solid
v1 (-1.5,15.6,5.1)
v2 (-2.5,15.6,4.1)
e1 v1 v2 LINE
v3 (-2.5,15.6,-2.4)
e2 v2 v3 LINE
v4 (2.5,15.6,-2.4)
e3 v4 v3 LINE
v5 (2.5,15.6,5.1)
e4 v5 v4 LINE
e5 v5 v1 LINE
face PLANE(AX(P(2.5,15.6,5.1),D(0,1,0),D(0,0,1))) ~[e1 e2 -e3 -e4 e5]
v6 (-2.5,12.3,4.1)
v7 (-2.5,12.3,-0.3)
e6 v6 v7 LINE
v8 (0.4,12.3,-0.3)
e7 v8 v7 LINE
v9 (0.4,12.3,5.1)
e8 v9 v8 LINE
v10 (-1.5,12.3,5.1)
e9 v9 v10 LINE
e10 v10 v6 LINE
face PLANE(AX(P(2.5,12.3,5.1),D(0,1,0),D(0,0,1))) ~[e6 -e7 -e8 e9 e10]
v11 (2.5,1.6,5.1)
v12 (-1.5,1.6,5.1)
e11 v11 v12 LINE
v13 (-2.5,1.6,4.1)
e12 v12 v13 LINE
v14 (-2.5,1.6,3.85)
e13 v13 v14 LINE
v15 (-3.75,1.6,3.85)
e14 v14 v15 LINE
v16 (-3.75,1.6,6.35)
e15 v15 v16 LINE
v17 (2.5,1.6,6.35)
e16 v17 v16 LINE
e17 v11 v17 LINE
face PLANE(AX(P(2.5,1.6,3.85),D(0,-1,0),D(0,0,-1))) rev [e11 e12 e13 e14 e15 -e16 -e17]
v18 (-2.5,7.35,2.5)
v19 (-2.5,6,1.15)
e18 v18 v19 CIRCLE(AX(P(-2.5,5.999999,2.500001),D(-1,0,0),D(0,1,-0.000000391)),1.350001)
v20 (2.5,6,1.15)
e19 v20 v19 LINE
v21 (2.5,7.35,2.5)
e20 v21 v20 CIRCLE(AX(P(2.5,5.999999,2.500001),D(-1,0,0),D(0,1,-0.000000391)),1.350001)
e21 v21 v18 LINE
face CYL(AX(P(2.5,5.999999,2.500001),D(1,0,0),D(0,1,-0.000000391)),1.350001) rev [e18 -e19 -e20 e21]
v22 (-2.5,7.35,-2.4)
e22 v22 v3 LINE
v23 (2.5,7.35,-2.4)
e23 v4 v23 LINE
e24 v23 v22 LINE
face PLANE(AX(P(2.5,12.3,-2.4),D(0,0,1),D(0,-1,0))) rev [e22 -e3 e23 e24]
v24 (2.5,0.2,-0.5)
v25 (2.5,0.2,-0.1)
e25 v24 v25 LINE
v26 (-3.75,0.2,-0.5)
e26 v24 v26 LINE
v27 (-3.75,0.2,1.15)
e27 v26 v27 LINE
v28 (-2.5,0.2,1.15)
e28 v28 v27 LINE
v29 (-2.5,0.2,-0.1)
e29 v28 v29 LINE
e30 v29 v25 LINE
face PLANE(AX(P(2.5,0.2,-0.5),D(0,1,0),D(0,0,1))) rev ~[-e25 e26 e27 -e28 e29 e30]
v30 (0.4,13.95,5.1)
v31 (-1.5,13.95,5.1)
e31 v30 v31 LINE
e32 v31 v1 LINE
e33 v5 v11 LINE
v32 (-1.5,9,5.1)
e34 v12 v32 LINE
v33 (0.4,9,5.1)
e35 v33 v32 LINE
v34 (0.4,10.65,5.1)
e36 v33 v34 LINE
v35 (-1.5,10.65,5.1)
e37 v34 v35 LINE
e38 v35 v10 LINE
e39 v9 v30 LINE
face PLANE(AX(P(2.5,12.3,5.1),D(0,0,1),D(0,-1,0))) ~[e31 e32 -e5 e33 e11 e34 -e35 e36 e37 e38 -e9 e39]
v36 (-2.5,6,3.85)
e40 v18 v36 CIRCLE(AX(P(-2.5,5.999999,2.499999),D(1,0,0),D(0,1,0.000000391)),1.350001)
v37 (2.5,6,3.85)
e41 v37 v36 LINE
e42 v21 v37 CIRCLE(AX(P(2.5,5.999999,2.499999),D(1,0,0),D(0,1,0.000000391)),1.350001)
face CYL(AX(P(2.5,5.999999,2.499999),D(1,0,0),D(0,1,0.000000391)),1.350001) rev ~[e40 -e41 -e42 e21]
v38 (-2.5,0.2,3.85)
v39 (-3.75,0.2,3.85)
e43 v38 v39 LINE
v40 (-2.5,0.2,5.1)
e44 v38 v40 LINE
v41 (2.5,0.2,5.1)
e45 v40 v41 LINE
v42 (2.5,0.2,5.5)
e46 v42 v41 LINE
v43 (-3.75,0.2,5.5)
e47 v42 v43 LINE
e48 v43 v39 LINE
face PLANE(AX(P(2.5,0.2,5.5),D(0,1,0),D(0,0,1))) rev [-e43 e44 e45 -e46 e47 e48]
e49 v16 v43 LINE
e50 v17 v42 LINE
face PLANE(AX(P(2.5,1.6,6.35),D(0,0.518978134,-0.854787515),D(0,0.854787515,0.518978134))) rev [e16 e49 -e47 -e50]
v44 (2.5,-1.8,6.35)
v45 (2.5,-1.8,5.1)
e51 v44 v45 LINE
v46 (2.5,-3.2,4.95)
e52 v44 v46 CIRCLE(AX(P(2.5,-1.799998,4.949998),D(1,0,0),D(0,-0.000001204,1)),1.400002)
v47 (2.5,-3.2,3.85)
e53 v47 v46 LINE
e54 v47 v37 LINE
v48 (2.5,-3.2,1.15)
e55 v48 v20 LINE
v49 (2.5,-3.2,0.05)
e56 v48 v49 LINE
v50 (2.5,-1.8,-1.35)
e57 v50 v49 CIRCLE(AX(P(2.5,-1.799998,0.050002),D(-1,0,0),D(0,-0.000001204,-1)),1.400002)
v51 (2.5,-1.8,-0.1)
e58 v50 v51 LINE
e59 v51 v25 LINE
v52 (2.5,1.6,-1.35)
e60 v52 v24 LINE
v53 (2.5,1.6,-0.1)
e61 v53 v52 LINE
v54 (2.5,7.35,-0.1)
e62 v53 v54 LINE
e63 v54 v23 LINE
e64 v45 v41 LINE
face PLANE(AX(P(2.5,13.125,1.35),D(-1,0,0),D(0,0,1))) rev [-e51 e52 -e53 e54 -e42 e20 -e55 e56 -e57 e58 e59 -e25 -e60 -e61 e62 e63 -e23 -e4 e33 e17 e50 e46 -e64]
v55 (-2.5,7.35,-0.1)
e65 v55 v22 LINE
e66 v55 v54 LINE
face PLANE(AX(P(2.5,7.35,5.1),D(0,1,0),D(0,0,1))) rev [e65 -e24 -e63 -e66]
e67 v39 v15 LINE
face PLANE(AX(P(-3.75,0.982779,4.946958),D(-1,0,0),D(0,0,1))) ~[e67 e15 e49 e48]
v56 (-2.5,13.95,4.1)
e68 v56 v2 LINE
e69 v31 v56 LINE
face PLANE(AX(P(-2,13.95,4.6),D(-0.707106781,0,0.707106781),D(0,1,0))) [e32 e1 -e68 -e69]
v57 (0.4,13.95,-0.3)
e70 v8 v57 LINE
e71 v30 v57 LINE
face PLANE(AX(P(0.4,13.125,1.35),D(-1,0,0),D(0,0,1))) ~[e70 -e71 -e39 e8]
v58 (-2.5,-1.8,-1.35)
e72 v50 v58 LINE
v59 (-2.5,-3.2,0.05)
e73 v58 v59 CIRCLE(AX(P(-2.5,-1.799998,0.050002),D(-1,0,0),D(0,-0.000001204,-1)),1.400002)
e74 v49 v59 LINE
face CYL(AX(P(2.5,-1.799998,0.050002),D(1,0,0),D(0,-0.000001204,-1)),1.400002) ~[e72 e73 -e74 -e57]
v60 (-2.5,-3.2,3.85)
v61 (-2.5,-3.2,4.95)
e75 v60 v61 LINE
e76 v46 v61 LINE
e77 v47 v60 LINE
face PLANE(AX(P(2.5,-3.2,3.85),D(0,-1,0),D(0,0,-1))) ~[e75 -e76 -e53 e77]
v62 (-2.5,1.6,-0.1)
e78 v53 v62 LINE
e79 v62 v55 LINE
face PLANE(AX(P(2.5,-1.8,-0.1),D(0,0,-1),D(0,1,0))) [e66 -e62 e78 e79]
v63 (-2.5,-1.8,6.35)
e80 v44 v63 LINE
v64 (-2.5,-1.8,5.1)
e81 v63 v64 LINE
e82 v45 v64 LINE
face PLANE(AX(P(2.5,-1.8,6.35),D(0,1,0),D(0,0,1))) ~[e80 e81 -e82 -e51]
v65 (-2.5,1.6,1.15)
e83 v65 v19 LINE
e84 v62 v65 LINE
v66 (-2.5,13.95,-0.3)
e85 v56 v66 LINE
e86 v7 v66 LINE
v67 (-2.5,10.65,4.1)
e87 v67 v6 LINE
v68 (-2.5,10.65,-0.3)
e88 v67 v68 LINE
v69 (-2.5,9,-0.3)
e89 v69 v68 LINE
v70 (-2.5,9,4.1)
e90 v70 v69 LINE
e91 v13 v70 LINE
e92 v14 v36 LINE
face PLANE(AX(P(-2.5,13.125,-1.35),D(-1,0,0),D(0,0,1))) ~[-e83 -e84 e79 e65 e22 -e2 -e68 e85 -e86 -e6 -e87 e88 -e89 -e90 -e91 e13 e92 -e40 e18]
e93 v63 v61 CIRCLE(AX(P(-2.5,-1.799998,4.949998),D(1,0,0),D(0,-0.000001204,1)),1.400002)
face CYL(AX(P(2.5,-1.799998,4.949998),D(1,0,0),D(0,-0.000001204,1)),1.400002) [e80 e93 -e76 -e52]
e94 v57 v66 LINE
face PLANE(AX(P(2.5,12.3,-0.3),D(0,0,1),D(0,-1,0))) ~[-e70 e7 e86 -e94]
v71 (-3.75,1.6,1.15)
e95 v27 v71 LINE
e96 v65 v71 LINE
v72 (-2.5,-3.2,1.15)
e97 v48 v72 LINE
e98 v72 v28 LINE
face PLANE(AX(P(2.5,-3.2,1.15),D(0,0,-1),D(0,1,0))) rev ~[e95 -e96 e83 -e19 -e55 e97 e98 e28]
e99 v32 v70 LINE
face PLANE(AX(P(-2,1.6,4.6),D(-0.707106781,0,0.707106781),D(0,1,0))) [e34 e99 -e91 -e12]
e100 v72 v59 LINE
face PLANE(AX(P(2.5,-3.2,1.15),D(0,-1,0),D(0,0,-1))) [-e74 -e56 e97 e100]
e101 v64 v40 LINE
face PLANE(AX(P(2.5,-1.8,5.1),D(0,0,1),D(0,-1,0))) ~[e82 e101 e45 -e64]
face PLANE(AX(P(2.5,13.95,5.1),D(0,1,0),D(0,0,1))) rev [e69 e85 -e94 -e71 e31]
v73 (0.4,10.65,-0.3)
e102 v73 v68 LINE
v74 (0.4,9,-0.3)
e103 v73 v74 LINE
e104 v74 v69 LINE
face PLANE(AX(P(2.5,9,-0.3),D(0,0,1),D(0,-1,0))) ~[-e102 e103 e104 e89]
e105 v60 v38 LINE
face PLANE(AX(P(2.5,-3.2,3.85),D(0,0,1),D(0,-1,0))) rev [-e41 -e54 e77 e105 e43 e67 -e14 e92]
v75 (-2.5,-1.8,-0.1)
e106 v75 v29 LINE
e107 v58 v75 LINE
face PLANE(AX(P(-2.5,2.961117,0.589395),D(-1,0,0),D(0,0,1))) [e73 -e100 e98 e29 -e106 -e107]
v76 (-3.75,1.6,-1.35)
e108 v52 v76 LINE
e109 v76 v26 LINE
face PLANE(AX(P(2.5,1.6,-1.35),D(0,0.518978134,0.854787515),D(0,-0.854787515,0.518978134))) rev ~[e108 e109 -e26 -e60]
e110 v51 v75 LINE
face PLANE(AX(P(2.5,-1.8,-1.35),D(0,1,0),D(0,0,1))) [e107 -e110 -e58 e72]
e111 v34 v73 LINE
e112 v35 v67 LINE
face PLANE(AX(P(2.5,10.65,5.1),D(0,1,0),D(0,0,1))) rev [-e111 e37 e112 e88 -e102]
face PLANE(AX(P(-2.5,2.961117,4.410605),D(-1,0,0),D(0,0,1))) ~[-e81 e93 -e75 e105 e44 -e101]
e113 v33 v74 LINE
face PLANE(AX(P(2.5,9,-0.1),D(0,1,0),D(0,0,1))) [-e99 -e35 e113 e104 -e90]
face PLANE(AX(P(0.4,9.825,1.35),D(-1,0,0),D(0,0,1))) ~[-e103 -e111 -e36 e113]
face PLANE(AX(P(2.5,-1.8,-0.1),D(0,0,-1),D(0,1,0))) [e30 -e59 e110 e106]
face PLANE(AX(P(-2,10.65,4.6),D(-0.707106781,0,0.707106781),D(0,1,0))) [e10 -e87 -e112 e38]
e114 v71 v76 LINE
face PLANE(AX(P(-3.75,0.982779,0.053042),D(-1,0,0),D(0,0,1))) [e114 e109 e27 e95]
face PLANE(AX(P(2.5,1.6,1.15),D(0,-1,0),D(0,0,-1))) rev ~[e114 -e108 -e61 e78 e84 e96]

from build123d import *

# Parameters (mm, degrees)
PAD017_DEPTH              = 5
PAD020_DEPTH              = 6.25
SKETCH105_W               = 7.5
SKETCH105_H               = 1.65
PAD074_DEPTH              = 5
SKETCH102_W               = 7.5
SKETCH102_H               = 1.65
PAD075_DEPTH              = 2.1
SKETCH103_W               = 2.1
SKETCH103_H               = 1.65
PAD076_DEPTH              = 5
SKETCH104_W               = 7.5
SKETCH104_H               = 1.65
PAD077_DEPTH              = 5
LINEARPATTERN024_COUNT    = 2
LINEARPATTERN024_PITCH    = 3.3
CHAMFER014_SIZE           = 1
MIRROR012_PLACEMENT_ANGLE = 90


with BuildPart() as bc_c:
    # Sketch034 → Pad017 (new body)
    with BuildSketch(Plane.XY):
        with BuildLine():
            Line((-1.35, -1.8), (-1.35, 6))
            ThreePointArc((0, 7.35), (-0.954594, 6.954594), (-1.35, 6))
            Line((0, 9), (0, 7.35))
            Line((-2.6, 9), (0, 9))
            Line((-2.6, -1.8), (-2.6, 9))
            Line((-3.85, -1.8), (-2.6, -1.8))
            ThreePointArc((-3.85, -1.8), (-3.439949, -2.789949), (-2.45, -3.2))
            Line((-1.35, -3.2), (-2.45, -3.2))
            Line((-1.35, -1.8), (-1.35, -3.2))
        make_face()
    extrude(amount=PAD017_DEPTH)

    # Sketch037 → Pad020 (join)
    with BuildSketch(Plane.XY):
        Polygon((-1.35, 0.2), (-1.35, 1.6), (-2.6, 1.6), (-3.85, 1.6), (-3, 0.2), (-2.6, 0.2), align=None)
    extrude(amount=PAD020_DEPTH)


with BuildPart() as bc_s_mirrored:
    # Mirror001: instance of _bc_c
    add(bc_c.part.mirror(Plane(origin=(0, 0, 0), x_dir=(0, 1, 0), z_dir=(-1, 0, 0))))


with BuildPart() as body038:
    # Fusion001 base: copy of _bc_c
    add(bc_c.part)

    # Fusion001: union _bc_s(mirrored)
    add(bc_s_mirrored.part)

    # Sketch105 → Pad074 (new body)
    with BuildSketch(Plane.XY):
        with Locations((1.15, 8.175)):
            Rectangle(SKETCH105_W, SKETCH105_H)
    extrude(amount=PAD074_DEPTH)

    # Sketch102 → Pad075 (join)
    with BuildSketch(Plane.XY):
        with Locations((1.15, 9.825)):
            Rectangle(SKETCH102_W, SKETCH102_H)
    pad075 = extrude(amount=PAD075_DEPTH)

    # Sketch103 → Pad076 (join)
    with BuildSketch(Plane.XY):
        with Locations((3.85, 9.825)):
            Rectangle(SKETCH103_W, SKETCH103_H)
    pad076 = extrude(amount=PAD076_DEPTH)

    # Sketch104 → Pad077 (join)
    with BuildSketch(Plane.XY):
        with Locations((1.15, 11.475)):
            Rectangle(SKETCH104_W, SKETCH104_H)
    pad077 = extrude(amount=PAD077_DEPTH)

    # LinearPattern024: Pad077, Pad076, Pad075 ×2
    with Locations(*[(0, i * LINEARPATTERN024_PITCH, 0) for i in range(1, LINEARPATTERN024_COUNT)]):
        add(pad077)
        add(pad076)
        add(pad075)

    # Chamfer014
    chamfer014_edges = [body038.edges().sort_by_distance(p)[0] for p in [
        (-2.6, 8.175, 5),
        (-2.6, 11.475, 5),
        (-2.6, 14.775, 5),
    ]]
    chamfer(chamfer014_edges, length=CHAMFER014_SIZE)


with BuildPart() as mirror012:
    # Mirror012: instance of Body038
    add(body038.part.mirror(Plane(origin=(0, 0, 0), x_dir=(0, -1, 0), z_dir=(1, 0, 0))))


with BuildPart() as mirror012_1:
    # Mirror012 placement: moved
    add(mirror012.part.moved(Location((2.5, 0, 2.5))).rotate(Axis((2.5, 0, 2.5), (0, -1, 0)), MIRROR012_PLACEMENT_ANGLE))


solid = mirror012_1.part
